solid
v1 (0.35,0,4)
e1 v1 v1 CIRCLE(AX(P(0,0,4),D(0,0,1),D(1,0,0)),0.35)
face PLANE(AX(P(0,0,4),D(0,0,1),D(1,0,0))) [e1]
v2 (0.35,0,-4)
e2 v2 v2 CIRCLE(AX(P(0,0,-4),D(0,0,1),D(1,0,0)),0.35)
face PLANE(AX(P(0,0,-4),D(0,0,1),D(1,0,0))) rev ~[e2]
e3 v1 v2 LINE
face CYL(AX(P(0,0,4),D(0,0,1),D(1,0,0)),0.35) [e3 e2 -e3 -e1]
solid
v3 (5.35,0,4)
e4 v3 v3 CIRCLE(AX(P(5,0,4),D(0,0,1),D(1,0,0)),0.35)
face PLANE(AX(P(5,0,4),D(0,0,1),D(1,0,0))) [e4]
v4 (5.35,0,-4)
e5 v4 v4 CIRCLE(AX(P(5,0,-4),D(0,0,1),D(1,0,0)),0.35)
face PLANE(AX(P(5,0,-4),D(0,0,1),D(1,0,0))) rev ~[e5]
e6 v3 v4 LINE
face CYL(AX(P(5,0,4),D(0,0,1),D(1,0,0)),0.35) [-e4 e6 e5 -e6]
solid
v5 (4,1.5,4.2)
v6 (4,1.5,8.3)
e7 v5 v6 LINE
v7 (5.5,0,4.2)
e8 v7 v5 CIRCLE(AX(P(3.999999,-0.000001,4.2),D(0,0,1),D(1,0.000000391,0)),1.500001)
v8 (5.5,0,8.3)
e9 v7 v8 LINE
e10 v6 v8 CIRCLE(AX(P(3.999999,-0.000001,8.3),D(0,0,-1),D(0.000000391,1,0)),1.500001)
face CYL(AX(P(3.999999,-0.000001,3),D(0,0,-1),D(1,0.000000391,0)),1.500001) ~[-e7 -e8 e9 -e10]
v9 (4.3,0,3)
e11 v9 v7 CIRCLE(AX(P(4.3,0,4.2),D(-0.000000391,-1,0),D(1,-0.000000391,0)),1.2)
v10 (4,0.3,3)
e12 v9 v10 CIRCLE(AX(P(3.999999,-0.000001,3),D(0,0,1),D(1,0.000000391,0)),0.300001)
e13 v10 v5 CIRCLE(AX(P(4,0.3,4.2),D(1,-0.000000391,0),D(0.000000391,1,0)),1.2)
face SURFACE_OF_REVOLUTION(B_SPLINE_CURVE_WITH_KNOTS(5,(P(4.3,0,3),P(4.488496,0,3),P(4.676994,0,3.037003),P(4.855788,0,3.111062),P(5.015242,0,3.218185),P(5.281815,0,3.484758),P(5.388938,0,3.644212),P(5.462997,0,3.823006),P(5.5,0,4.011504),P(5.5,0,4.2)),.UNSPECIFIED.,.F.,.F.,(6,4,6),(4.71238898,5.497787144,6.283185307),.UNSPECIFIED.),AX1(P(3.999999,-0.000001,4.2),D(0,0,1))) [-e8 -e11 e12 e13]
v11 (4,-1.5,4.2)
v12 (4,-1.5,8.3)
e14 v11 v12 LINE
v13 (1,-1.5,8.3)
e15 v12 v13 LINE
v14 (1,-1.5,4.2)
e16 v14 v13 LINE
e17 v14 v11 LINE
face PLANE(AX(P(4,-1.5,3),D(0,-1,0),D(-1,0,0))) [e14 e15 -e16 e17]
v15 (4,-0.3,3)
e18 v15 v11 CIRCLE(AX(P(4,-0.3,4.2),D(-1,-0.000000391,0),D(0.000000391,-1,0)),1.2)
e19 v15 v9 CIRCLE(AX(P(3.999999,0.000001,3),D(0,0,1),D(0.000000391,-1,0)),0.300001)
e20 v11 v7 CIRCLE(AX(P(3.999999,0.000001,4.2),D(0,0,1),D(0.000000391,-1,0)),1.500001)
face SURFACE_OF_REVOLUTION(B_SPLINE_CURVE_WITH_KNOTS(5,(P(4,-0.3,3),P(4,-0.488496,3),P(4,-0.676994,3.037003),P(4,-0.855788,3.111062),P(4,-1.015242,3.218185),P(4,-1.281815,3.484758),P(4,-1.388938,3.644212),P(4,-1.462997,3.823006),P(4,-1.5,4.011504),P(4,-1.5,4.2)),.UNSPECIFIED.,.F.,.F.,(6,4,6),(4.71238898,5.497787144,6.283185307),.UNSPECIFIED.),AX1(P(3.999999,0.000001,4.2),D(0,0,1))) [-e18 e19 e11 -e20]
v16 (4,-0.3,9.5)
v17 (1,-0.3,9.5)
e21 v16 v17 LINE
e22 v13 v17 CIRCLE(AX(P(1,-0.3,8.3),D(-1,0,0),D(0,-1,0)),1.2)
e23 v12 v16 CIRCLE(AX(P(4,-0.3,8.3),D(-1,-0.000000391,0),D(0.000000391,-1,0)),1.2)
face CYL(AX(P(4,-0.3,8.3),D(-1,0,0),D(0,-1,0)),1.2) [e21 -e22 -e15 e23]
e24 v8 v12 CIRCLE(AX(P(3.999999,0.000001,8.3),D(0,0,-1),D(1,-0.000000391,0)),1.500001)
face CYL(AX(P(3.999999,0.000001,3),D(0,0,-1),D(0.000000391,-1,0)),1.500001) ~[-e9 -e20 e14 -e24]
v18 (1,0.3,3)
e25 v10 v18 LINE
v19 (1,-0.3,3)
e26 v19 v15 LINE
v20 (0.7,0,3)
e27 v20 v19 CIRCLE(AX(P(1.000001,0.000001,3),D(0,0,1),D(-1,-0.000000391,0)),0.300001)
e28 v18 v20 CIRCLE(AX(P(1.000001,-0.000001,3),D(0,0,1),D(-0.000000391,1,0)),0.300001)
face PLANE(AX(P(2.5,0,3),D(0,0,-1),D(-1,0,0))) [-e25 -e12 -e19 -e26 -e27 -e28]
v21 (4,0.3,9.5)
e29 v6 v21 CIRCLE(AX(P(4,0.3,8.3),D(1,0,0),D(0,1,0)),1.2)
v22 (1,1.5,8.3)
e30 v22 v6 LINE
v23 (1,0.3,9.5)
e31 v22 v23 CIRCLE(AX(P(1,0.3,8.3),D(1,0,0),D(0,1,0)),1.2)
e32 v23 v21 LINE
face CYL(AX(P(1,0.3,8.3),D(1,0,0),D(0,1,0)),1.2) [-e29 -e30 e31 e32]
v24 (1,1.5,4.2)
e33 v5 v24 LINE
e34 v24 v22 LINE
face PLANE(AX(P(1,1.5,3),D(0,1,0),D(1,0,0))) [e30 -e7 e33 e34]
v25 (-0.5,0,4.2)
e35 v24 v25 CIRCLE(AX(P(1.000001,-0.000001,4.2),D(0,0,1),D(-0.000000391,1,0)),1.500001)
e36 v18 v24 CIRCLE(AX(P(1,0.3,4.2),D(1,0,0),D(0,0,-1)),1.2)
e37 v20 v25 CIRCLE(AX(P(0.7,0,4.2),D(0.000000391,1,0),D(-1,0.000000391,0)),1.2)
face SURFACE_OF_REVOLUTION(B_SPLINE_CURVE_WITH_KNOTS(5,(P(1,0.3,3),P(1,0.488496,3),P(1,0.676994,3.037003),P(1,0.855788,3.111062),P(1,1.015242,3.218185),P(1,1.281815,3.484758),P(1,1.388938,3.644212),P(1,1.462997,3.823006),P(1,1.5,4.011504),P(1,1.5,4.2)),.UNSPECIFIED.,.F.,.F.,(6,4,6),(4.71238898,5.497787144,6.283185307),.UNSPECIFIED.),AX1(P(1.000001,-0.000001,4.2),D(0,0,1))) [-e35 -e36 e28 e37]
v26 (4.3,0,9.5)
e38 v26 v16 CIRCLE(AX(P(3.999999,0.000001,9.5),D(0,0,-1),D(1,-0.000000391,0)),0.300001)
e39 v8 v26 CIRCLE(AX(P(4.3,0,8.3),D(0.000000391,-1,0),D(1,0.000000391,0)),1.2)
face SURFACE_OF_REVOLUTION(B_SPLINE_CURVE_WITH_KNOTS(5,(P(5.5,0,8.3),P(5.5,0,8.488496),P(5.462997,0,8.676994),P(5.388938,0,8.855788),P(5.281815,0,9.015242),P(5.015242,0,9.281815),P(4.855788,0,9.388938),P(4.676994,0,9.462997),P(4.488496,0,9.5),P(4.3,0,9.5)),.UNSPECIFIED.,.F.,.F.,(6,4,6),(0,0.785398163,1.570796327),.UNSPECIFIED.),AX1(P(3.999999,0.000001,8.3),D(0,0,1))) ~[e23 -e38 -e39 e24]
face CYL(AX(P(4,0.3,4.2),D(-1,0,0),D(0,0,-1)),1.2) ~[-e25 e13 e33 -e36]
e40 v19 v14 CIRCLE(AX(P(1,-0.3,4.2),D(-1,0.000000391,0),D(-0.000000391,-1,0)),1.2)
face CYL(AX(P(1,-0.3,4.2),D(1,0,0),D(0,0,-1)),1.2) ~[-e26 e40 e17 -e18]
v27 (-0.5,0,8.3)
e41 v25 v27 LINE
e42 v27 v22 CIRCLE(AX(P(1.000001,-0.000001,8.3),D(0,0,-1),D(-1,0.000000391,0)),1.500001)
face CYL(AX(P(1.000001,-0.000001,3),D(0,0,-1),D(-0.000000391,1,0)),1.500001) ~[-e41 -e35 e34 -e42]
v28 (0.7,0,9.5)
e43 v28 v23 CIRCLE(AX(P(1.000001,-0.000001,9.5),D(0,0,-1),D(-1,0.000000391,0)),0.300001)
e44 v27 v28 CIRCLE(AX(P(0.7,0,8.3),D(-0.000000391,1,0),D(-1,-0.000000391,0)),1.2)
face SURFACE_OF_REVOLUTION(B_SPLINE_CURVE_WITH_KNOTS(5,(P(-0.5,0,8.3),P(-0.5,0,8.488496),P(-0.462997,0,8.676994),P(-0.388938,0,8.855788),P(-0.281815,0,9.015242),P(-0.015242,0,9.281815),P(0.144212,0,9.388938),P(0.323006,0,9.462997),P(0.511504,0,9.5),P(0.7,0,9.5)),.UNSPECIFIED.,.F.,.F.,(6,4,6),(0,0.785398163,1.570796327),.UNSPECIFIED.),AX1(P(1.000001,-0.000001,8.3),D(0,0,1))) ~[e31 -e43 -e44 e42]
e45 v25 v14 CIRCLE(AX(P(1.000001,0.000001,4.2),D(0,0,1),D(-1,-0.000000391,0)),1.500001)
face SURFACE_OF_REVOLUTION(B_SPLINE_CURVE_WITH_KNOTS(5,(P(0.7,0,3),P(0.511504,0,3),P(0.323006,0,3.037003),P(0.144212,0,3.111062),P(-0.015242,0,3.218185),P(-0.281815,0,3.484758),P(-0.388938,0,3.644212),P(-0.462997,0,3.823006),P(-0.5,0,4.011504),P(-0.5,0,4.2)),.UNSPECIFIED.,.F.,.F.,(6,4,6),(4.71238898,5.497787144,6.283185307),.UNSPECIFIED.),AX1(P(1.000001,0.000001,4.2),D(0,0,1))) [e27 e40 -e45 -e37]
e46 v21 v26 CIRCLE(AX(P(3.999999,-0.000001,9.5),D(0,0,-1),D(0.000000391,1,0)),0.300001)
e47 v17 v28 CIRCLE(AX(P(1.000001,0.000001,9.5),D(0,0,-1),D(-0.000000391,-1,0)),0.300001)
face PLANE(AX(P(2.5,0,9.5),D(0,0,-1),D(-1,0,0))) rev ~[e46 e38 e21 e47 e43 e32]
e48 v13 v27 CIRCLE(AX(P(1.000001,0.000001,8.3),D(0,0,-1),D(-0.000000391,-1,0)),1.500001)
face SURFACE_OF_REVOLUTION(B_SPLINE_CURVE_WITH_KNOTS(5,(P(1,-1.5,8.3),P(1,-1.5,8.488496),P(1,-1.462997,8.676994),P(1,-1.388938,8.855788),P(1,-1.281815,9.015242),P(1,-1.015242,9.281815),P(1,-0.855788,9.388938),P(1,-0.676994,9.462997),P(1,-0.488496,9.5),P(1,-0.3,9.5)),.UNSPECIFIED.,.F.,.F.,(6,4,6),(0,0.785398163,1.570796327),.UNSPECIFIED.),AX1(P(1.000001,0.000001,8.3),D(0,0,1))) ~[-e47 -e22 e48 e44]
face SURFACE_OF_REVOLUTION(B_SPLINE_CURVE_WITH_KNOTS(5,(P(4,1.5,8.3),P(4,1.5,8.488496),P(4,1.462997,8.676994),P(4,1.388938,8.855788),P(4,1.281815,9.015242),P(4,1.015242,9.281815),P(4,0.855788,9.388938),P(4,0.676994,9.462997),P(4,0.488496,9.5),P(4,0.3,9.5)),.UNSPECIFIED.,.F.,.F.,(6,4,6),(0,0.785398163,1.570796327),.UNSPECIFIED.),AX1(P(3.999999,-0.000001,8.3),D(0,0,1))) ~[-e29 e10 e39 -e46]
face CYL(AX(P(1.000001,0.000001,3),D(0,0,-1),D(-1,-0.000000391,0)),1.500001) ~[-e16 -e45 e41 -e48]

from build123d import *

# Parameters (mm, degrees)
SKETCH_R     = 0.35
PAD_DEPTH    = 8
PAD002_DEPTH = 6.5
FILLET_R     = 1.2
FILLET001_R  = 1.2


with BuildPart() as pad:
    # Sketch → Pad (new body)
    with BuildSketch(Plane.XY.offset(4)):
        Circle(SKETCH_R)
        with Locations((5, 0)):
            Circle(SKETCH_R)
    extrude(amount=-PAD_DEPTH)


with BuildPart() as fillet001:
    # Sketch003 → Pad002 (new body)
    with BuildSketch(Plane.XY.offset(3)):
        with BuildLine():
            Line((1, 1.5), (4, 1.5))
            ThreePointArc((5.5, 0), (5.06066, 1.06066), (4, 1.5))
            ThreePointArc((4, -1.5), (5.06066, -1.06066), (5.5, 0))
            Line((4, -1.5), (1, -1.5))
            ThreePointArc((-0.5, 0), (-0.06066, -1.06066), (1, -1.5))
            ThreePointArc((1, 1.5), (-0.06066, 1.06066), (-0.5, 0))
        make_face()
    extrude(amount=PAD002_DEPTH)

    # Fillet
    fillet_edges = [fillet001.edges().sort_by_distance(p)[0] for p in [
        (2.5, 1.5, 9.5),
        (-0.06066, 1.06066, 9.5),
        (-0.06066, -1.06066, 9.5),
        (2.5, -1.5, 9.5),
        (5.06066, -1.06066, 9.5),
        (5.06066, 1.06066, 9.5),
    ]]
    fillet(fillet_edges, radius=FILLET_R)

    # Fillet001
    fillet001_edges = [fillet001.edges().sort_by_distance(p)[0] for p in [
        (5.06066, -1.06066, 3),
        (5.06066, 1.06066, 3),
        (2.5, 1.5, 3),
        (2.5, -1.5, 3),
        (-0.06066, -1.06066, 3),
        (-0.06066, 1.06066, 3),
    ]]
    fillet(fillet001_edges, radius=FILLET001_R)


solid = Compound([pad.part, fillet001.part])
